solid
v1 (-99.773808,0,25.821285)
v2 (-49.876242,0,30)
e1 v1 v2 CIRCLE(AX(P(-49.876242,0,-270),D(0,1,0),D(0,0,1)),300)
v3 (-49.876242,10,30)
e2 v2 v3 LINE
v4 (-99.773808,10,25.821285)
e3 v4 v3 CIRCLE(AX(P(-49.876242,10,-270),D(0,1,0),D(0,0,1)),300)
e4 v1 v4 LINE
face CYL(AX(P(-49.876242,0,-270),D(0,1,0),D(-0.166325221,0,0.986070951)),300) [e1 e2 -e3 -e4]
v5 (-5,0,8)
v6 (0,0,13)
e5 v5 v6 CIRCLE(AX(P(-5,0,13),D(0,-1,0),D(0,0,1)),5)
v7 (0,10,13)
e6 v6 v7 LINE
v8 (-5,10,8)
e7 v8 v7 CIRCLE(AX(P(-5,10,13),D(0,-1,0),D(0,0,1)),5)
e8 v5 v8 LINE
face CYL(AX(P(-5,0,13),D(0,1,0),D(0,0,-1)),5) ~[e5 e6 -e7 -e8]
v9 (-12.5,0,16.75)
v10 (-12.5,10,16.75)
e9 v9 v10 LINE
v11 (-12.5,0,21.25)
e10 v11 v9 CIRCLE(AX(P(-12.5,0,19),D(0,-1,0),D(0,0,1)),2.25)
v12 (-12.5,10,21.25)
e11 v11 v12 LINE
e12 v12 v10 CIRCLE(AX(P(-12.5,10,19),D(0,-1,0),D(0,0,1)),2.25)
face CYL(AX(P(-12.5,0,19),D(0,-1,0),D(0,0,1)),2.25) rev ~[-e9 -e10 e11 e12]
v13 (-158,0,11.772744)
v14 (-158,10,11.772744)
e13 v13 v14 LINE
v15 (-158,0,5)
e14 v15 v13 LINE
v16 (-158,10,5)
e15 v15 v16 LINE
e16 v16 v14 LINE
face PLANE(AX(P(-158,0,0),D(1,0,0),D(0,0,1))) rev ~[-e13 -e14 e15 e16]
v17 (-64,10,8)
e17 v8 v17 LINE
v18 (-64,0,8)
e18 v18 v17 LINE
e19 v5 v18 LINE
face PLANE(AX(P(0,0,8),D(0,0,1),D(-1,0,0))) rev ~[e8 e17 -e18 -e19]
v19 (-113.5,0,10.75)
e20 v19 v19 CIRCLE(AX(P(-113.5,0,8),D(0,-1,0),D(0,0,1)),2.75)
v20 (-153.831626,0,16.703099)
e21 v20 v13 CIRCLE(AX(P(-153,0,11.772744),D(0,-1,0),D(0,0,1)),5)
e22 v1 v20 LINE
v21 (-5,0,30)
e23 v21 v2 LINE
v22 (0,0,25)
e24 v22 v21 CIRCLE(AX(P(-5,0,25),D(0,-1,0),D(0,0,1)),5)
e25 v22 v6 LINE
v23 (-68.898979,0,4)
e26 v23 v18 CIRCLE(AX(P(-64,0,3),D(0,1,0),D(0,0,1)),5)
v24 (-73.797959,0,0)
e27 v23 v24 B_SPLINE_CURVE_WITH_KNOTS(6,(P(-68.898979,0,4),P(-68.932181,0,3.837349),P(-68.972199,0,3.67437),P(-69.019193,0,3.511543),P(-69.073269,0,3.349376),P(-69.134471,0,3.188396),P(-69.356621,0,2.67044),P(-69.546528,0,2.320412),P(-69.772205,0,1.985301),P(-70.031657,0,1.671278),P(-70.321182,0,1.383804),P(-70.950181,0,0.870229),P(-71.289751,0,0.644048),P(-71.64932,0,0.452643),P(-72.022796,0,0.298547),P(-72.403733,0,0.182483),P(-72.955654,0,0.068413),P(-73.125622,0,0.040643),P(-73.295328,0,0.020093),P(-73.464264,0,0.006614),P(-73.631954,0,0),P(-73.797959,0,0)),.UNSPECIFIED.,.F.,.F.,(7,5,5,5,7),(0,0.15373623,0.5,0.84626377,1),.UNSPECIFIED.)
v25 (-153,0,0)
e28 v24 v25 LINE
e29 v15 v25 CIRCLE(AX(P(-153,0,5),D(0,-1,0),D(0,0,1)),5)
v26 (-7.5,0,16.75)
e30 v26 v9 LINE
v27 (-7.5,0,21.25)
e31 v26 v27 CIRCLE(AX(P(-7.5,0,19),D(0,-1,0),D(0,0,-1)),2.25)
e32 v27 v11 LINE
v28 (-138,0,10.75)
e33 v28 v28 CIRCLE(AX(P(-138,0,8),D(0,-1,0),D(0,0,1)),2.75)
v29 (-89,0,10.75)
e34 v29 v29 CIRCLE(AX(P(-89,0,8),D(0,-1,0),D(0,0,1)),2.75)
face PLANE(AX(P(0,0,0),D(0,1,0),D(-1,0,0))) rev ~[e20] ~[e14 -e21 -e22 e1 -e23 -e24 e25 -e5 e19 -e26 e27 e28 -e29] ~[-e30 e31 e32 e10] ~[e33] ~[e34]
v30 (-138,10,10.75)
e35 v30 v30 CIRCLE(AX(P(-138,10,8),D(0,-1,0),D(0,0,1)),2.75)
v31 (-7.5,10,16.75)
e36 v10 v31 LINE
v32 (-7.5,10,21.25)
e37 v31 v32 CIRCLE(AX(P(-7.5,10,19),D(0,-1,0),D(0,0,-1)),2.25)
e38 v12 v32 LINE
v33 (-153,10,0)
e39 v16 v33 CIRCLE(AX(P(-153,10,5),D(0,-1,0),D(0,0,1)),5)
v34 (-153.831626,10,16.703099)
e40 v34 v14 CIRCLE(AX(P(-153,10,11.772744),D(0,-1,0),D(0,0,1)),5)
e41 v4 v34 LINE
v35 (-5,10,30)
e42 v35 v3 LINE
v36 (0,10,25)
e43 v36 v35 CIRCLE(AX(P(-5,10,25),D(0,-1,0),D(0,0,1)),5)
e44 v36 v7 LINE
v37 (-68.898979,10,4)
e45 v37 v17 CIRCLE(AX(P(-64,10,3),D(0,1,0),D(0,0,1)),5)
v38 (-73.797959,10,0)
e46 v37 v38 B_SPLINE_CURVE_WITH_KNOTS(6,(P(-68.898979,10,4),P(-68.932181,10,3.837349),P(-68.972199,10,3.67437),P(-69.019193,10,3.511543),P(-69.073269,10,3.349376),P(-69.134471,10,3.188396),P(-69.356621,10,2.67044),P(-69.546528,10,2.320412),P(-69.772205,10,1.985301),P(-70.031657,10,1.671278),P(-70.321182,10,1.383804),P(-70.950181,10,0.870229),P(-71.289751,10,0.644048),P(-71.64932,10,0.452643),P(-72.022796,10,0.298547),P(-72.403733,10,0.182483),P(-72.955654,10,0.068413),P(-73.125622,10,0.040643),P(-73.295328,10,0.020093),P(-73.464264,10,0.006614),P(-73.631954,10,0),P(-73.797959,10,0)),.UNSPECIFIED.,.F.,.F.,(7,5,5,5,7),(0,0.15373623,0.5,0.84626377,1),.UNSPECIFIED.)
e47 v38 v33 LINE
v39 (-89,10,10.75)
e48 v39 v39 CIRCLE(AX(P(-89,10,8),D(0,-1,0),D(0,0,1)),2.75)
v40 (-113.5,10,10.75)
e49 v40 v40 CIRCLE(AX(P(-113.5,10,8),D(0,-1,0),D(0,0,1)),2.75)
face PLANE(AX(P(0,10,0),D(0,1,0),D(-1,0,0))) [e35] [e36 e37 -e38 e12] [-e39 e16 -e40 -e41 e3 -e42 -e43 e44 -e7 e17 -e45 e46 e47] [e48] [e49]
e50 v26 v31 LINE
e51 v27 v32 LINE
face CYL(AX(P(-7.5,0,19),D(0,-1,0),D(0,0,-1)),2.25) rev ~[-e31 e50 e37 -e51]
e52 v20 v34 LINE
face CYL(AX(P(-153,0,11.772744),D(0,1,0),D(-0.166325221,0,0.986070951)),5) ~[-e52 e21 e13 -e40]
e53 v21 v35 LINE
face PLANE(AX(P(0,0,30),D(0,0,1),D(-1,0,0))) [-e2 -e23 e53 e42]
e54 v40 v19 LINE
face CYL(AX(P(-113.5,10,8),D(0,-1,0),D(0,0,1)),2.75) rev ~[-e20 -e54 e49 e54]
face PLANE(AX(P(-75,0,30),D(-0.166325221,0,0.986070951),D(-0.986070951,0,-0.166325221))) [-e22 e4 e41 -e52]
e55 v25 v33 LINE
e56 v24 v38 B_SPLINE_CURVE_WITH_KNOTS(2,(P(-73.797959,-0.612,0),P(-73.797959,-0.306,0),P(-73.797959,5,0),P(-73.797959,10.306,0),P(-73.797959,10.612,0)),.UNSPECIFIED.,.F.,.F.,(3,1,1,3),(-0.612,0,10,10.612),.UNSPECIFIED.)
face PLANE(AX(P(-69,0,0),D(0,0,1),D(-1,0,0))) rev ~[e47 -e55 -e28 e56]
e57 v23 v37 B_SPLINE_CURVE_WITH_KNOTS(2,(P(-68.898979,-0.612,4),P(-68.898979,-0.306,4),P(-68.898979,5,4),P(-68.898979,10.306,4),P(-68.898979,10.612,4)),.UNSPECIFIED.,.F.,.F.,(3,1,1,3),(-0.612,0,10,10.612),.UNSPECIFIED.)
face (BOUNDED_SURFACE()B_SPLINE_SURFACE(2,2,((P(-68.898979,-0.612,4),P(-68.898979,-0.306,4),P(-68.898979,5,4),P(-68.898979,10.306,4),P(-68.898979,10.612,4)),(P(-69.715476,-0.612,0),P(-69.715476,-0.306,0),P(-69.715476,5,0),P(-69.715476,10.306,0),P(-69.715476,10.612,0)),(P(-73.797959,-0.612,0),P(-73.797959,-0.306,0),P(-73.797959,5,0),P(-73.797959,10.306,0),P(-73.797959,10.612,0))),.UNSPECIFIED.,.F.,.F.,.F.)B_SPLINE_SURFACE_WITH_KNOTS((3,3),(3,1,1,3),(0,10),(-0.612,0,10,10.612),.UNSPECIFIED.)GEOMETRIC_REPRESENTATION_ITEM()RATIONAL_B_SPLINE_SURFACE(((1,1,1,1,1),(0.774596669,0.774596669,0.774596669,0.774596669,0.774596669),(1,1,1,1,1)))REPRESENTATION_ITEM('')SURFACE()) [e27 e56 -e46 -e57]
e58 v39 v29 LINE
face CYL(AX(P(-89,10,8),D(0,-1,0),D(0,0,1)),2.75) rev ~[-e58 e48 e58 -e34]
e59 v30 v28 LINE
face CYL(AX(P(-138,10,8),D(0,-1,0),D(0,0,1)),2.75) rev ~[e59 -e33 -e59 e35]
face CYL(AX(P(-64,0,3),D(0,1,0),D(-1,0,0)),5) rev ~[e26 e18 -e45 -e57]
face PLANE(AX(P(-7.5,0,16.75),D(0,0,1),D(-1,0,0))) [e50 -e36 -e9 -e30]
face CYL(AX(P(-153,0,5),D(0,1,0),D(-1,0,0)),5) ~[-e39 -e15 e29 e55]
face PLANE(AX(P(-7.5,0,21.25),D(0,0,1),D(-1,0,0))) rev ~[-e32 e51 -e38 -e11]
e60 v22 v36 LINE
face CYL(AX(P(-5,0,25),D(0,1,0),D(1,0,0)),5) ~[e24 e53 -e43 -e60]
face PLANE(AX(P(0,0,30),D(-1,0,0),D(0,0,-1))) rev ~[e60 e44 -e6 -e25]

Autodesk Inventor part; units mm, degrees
ref_plane "YZ Plane" through (0, 0, 0) normal (1, 0, 0) x (0, 1, 0)
ref_plane "XZ Plane" through (0, 0, 0) normal (0, 1, 0) x (-1, 0, 0)
ref_plane "XY Plane" through (0, 0, 0) normal (0, 0, 1) x (1, 0, 0)
sketch "Skizze6" plane through (0, 0, 0) normal (0, 1, 0) x (-1, 0, 0)
  line L0 (69, 0) -> (158, 0)
  line L1 (158, 0) -> (158, 16)
  line L2 (0, 30) -> (0, 8)
  line L3 (0, 8) -> (69, 8)
  line L4 (69, 8) -> (69, 0)
  line L5 (0, 30) -> (75, 30)
  line L6 (75, 30) -> (158, 16)
  point P0 (0, 0)
  dimension "d34" = 89
  dimension "d35" = 22
  dimension "d36" = 30
  dimension "d37" = 158
  dimension "d38" = 75
  dimension "d41" = 16
extrude "Extrusion2" add sketch "Skizze6" along normal blind 10
sketch "Skizze7" plane through (0, 10, 0) normal (0, 1, 0) x (1, 0, 0)
  line L0 (-69, 0) -> (-158, 0) projected
  line L1 (-158, 0) -> (-158, -16) projected
  point P0 (0, 0)
  point P1 (-138, -8)
  point P2 (-113.5, -8)
  point P3 (-89, -8)
  point P4 (-138.2626, -14.3361)
  dimension "d42" = 8
  dimension "d43" = 20
  dimension "d44" = 24.5
  dimension "d45" = 24.5
hole "Bohrung5" at (-113.5, 10, 8) at (-89, 10, 8) at (-138, 10, 8) direction (0, -1, 0) diameter 5.5 end through all
sketch "Skizze8" plane through (0, 0, 0) normal (0, -1, 0) x (1, 0, 0)
  arc A0 (-12.5, 21.25) -> (-12.5, 16.75) centre (-12.5, 19) ccw
  line L0 (-75, 30) -> (0, 30) projected
  arc A1 (-7.5, 16.75) -> (-7.5, 21.25) centre (-7.5, 19) ccw
  line L1 (-7.5, 16.75) -> (-12.5, 16.75)
  line L2 (-7.5, 21.25) -> (-12.5, 21.25)
  line L3 (0, 30) -> (0, 8) projected
  line L4 (-158, 0) -> (-158, 16) projected
  point P0 (0, 0)
  dimension "d53" = 4.5
  dimension "d54" = 11
  dimension "d55" = 4.5
  dimension "d56" = 5
  dimension "d58" = 145.5
extrude "Extrusion3" cut sketch "Skizze8" against normal through all
fillet "Rundung1" radius 5 6 edges at (-69, 5, 8) (-69, 5, 0) (0, 5, 8) (0, 5, 30) (-158, 5, 16) (-158, 5, 0)
fillet "Rundung2" radius 300 1 edges at (-75, 5, 30)
properties part number "106.016.01_Anbindung_Vereinzelung"
